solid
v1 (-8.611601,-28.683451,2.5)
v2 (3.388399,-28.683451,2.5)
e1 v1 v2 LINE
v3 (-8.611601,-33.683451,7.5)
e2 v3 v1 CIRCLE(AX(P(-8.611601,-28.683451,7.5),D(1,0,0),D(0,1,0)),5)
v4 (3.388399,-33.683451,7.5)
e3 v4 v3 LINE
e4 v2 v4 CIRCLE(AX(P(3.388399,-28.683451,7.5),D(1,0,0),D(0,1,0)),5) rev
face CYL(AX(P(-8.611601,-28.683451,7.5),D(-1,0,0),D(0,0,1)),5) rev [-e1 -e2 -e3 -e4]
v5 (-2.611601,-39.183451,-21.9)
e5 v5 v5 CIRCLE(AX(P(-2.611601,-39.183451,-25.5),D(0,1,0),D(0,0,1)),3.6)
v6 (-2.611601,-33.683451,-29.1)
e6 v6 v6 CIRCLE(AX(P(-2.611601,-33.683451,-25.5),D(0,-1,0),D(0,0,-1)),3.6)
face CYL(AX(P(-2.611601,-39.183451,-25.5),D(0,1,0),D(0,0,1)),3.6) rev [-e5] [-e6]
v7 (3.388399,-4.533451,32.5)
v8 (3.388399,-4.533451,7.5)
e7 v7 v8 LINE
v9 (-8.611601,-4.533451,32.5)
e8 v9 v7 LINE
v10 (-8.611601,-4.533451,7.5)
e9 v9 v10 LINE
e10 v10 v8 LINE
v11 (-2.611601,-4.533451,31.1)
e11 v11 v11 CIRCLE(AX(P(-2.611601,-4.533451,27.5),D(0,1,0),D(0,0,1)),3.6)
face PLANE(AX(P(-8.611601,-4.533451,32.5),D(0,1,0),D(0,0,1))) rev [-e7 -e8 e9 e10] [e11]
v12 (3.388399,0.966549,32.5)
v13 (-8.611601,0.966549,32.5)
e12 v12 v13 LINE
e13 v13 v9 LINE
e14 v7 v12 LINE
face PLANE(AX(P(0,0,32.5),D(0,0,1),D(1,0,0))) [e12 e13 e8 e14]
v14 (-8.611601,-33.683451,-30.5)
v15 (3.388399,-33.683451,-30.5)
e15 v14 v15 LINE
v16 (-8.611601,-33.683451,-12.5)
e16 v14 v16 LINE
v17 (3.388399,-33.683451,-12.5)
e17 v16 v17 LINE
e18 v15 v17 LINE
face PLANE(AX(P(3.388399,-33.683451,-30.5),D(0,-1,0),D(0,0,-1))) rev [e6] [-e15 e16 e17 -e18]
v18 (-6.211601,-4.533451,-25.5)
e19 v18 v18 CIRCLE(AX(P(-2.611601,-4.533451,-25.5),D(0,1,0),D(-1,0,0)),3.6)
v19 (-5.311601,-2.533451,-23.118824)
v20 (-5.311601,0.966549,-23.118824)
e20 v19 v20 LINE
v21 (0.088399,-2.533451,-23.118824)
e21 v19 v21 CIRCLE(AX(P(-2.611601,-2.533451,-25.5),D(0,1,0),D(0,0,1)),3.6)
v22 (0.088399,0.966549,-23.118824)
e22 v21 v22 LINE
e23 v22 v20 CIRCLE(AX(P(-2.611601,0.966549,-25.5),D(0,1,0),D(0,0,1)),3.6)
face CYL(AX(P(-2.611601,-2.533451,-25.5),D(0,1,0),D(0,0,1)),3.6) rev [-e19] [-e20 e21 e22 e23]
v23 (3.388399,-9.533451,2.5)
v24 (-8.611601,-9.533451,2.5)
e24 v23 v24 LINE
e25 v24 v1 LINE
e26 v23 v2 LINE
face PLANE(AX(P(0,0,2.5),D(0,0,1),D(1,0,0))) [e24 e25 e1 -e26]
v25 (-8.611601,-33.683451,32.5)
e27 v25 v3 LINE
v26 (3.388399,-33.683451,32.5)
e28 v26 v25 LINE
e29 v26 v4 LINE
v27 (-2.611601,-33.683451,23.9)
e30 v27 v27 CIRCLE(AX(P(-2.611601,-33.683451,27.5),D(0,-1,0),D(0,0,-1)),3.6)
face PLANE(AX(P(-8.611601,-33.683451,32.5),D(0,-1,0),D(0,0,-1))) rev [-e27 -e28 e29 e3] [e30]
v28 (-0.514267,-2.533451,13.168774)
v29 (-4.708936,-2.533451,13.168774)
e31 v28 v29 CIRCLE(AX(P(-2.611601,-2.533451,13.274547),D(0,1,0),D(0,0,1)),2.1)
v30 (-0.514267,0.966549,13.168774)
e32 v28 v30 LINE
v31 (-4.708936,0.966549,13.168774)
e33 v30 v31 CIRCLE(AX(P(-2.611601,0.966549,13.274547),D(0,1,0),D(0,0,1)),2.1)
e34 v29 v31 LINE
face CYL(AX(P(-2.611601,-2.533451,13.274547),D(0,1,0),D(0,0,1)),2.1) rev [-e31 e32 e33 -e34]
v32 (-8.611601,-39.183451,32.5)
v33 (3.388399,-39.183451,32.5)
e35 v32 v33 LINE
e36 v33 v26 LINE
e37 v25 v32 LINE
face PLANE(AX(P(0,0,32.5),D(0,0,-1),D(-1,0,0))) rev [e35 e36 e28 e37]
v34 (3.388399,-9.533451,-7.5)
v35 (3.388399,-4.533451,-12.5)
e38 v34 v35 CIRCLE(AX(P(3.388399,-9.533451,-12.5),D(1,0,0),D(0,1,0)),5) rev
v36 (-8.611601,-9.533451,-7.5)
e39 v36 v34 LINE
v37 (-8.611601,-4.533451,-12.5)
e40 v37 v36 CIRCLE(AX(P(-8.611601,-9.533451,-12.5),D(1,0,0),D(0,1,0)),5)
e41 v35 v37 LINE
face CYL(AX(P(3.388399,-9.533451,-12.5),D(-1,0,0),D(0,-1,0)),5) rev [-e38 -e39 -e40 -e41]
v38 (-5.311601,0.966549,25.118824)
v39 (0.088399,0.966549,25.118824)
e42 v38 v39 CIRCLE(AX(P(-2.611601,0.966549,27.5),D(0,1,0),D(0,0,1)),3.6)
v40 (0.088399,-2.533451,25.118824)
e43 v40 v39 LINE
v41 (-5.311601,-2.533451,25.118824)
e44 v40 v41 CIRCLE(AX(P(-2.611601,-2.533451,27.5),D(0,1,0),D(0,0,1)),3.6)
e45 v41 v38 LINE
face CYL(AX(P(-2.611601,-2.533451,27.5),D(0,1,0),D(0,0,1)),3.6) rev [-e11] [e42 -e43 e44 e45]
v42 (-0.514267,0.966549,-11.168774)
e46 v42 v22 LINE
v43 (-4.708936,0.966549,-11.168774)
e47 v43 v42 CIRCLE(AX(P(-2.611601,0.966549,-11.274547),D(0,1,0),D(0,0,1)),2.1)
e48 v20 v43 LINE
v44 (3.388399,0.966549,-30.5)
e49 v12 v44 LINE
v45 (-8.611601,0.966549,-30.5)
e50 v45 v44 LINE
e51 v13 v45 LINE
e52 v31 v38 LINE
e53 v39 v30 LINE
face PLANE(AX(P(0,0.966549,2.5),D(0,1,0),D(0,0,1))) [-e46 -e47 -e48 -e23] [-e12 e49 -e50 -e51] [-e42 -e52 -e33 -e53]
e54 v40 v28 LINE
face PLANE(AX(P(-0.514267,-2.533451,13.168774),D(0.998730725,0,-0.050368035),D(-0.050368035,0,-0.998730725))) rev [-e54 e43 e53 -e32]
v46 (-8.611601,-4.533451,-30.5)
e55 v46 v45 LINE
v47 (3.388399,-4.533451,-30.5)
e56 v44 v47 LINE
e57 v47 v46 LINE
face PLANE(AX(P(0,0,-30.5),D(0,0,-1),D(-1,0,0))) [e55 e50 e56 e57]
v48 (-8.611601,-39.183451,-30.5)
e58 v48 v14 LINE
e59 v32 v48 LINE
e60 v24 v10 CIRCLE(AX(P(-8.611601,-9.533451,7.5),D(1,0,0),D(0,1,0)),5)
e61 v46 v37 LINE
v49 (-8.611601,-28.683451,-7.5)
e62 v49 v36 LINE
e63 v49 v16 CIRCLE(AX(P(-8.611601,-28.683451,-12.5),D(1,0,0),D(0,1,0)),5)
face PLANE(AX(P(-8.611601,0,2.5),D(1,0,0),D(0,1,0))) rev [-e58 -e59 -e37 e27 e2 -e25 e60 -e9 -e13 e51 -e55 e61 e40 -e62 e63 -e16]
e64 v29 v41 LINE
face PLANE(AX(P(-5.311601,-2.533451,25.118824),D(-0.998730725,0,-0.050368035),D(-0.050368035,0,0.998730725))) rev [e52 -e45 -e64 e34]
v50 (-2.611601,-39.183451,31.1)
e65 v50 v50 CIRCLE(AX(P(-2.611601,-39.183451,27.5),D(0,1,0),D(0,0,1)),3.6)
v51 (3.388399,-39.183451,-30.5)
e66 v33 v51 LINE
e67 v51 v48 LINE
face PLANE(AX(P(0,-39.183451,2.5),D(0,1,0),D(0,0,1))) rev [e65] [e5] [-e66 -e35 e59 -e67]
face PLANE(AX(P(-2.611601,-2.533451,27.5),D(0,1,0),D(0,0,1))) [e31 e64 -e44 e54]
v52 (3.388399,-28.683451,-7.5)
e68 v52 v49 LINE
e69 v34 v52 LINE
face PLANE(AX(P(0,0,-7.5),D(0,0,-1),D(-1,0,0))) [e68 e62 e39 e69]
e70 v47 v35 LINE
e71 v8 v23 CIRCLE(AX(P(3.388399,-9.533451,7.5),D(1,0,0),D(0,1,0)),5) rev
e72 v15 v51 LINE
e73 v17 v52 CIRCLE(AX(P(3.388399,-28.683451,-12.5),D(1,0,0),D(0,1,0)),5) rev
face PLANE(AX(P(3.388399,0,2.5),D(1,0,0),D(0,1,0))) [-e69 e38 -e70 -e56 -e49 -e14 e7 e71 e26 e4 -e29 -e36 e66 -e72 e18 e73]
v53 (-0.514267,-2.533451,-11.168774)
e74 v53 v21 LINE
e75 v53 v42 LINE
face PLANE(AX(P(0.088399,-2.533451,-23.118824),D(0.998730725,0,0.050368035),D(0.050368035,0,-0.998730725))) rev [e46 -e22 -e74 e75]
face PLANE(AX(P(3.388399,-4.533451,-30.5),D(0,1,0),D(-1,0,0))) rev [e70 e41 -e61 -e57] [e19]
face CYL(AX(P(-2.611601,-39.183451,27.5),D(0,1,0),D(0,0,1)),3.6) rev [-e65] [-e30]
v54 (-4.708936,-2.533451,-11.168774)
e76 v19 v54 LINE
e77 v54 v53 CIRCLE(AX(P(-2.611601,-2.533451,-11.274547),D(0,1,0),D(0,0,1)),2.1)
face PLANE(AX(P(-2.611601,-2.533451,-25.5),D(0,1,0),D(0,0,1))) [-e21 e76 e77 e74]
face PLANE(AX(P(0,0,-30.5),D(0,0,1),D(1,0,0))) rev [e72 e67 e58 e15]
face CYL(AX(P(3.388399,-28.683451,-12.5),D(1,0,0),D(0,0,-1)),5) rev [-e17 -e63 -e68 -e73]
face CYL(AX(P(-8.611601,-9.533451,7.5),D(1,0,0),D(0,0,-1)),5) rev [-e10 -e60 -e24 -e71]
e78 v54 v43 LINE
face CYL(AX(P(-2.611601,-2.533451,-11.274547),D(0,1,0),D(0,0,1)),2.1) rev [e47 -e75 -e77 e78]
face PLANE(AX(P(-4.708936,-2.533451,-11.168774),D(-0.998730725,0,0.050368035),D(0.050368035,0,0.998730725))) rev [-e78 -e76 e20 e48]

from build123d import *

# Parameters (mm, degrees)
SKETCH2_W            = 12
SKETCH2_H            = 40.15
BOSS_EXTRUDE2_DEPTH  = 2.5
SKETCH11_W           = 12
SKETCH11_H           = 5.5
BOSS_EXTRUDE8_DEPTH  = 30
CUT_EXTRUDE1_DEPTH   = 3.5
SKETCH14_W           = 12
SKETCH14_H           = 40.15
BOSS_EXTRUDE9_DEPTH  = 7.5
SKETCH16_W           = 12
SKETCH16_H           = 5.5
BOSS_EXTRUDE11_DEPTH = 23
CUT_EXTRUDE4_DEPTH   = 3.5
SKETCH22_R           = 3.6
CUT_EXTRUDE6_DEPTH   = 53.368236301
SKETCH23_R           = 3.6
CUT_EXTRUDE7_DEPTH   = 53.368236301
FILLET1_R            = 5
FILLET2_R            = 5
FILLET3_R            = 5
FILLET4_R            = 5


with BuildPart() as part:
    # Sketch2 → Boss-Extrude2 (new body)
    with BuildSketch(Plane.XY):
        with Locations((-2.61160109, -19.108451256)):
            Rectangle(SKETCH2_W, SKETCH2_H)
    extrude(amount=BOSS_EXTRUDE2_DEPTH)

    # Sketch11 → Boss-Extrude8 (add)
    with BuildSketch(Plane.XY.offset(2.5)):
        with Locations((-2.61160109, -1.783451256)):
            Rectangle(SKETCH11_W, SKETCH11_H)
        with Locations((-2.61160109, -36.433451256)):
            Rectangle(SKETCH11_W, SKETCH11_H)
    extrude(amount=BOSS_EXTRUDE8_DEPTH)

    # Sketch12 → Cut-Extrude1 (cut)
    with BuildSketch(Plane(origin=(0, 0.966548744, 0), x_dir=(1, 0, 0), z_dir=(0, 1, 0))):
        with BuildLine():
            Line((-0.514266567, -13.168774056), (0.08839891, -25.11882382))
            ThreePointArc((0.08839891, -25.11882382), (-2.61160109, -31.1), (-5.31160109, -25.11882382))
            Line((-5.31160109, -25.11882382), (-4.708935612, -13.168774056))
            ThreePointArc((-4.708935612, -13.168774056), (-2.61160109, -11.174546931), (-0.514266567, -13.168774056))
        make_face()
    extrude(amount=-CUT_EXTRUDE1_DEPTH, mode=Mode.SUBTRACT)

    # Sketch14 → Boss-Extrude9 (add)
    with BuildSketch(Plane(origin=(0, 0, 0), x_dir=(-1, 0, 0), z_dir=(0, 0, -1))):
        with Locations((2.61160109, -19.108451256)):
            Rectangle(SKETCH14_W, SKETCH14_H)
    extrude(amount=BOSS_EXTRUDE9_DEPTH)

    # Sketch16 → Boss-Extrude11 (add)
    with BuildSketch(Plane(origin=(0, 0, -7.5), x_dir=(-1, 0, 0), z_dir=(0, 0, -1))):
        with Locations((2.61160109, -1.783451256)):
            Rectangle(SKETCH16_W, SKETCH16_H)
        with Locations((2.61160109, -36.433451256)):
            Rectangle(SKETCH16_W, SKETCH16_H)
    extrude(amount=BOSS_EXTRUDE11_DEPTH)

    # Sketch20 → Cut-Extrude4 (cut)
    with BuildSketch(Plane(origin=(0, 0.966548744, 0), x_dir=(1, 0, 0), z_dir=(0, 1, 0))):
        with BuildLine():
            Line((-4.708935612, 11.168774056), (-5.31160109, 23.11882382))
            ThreePointArc((-5.31160109, 23.11882382), (-2.61160109, 29.1), (0.08839891, 23.11882382))
            Line((0.08839891, 23.11882382), (-0.514266567, 11.168774056))
            ThreePointArc((-0.514266567, 11.168774056), (-2.61160109, 9.174546931), (-4.708935612, 11.168774056))
        make_face()
    extrude(amount=-CUT_EXTRUDE4_DEPTH, mode=Mode.SUBTRACT)

    # Sketch22 → Cut-Extrude6 (cut, through all)
    with BuildSketch(Plane(origin=(0, 0.966548744, 0), x_dir=(1, 0, 0), z_dir=(0, 1, 0))):
        with Locations(Location((-2.61160109, -27.5, 0), (0, 0, 270))):
            Circle(SKETCH22_R)
    extrude(amount=-CUT_EXTRUDE6_DEPTH, mode=Mode.SUBTRACT)

    # Sketch23 → Cut-Extrude7 (cut, through all)
    with BuildSketch(Plane(origin=(0, 0.966548744, 0), x_dir=(1, 0, 0), z_dir=(0, 1, 0))):
        with Locations(Location((-2.61160109, 25.5, 0), (0, 0, 221.409622109))):
            Circle(SKETCH23_R)
    extrude(amount=-CUT_EXTRUDE7_DEPTH, mode=Mode.SUBTRACT)

    # Fillet1
    fillet1_edges = [part.edges().sort_by_distance(p)[0] for p in [
        (-2.61160109, -4.533451256, 2.5),
    ]]
    fillet(fillet1_edges, radius=FILLET1_R)

    # Fillet2
    fillet2_edges = [part.edges().sort_by_distance(p)[0] for p in [
        (-2.61160109, -33.683451256, 2.5),
    ]]
    fillet(fillet2_edges, radius=FILLET2_R)

    # Fillet3
    fillet3_edges = [part.edges().sort_by_distance(p)[0] for p in [
        (-2.61160109, -4.533451256, -7.5),
    ]]
    fillet(fillet3_edges, radius=FILLET3_R)

    # Fillet4
    fillet4_edges = [part.edges().sort_by_distance(p)[0] for p in [
        (-2.61160109, -33.683451256, -7.5),
    ]]
    fillet(fillet4_edges, radius=FILLET4_R)


solid = part.part
